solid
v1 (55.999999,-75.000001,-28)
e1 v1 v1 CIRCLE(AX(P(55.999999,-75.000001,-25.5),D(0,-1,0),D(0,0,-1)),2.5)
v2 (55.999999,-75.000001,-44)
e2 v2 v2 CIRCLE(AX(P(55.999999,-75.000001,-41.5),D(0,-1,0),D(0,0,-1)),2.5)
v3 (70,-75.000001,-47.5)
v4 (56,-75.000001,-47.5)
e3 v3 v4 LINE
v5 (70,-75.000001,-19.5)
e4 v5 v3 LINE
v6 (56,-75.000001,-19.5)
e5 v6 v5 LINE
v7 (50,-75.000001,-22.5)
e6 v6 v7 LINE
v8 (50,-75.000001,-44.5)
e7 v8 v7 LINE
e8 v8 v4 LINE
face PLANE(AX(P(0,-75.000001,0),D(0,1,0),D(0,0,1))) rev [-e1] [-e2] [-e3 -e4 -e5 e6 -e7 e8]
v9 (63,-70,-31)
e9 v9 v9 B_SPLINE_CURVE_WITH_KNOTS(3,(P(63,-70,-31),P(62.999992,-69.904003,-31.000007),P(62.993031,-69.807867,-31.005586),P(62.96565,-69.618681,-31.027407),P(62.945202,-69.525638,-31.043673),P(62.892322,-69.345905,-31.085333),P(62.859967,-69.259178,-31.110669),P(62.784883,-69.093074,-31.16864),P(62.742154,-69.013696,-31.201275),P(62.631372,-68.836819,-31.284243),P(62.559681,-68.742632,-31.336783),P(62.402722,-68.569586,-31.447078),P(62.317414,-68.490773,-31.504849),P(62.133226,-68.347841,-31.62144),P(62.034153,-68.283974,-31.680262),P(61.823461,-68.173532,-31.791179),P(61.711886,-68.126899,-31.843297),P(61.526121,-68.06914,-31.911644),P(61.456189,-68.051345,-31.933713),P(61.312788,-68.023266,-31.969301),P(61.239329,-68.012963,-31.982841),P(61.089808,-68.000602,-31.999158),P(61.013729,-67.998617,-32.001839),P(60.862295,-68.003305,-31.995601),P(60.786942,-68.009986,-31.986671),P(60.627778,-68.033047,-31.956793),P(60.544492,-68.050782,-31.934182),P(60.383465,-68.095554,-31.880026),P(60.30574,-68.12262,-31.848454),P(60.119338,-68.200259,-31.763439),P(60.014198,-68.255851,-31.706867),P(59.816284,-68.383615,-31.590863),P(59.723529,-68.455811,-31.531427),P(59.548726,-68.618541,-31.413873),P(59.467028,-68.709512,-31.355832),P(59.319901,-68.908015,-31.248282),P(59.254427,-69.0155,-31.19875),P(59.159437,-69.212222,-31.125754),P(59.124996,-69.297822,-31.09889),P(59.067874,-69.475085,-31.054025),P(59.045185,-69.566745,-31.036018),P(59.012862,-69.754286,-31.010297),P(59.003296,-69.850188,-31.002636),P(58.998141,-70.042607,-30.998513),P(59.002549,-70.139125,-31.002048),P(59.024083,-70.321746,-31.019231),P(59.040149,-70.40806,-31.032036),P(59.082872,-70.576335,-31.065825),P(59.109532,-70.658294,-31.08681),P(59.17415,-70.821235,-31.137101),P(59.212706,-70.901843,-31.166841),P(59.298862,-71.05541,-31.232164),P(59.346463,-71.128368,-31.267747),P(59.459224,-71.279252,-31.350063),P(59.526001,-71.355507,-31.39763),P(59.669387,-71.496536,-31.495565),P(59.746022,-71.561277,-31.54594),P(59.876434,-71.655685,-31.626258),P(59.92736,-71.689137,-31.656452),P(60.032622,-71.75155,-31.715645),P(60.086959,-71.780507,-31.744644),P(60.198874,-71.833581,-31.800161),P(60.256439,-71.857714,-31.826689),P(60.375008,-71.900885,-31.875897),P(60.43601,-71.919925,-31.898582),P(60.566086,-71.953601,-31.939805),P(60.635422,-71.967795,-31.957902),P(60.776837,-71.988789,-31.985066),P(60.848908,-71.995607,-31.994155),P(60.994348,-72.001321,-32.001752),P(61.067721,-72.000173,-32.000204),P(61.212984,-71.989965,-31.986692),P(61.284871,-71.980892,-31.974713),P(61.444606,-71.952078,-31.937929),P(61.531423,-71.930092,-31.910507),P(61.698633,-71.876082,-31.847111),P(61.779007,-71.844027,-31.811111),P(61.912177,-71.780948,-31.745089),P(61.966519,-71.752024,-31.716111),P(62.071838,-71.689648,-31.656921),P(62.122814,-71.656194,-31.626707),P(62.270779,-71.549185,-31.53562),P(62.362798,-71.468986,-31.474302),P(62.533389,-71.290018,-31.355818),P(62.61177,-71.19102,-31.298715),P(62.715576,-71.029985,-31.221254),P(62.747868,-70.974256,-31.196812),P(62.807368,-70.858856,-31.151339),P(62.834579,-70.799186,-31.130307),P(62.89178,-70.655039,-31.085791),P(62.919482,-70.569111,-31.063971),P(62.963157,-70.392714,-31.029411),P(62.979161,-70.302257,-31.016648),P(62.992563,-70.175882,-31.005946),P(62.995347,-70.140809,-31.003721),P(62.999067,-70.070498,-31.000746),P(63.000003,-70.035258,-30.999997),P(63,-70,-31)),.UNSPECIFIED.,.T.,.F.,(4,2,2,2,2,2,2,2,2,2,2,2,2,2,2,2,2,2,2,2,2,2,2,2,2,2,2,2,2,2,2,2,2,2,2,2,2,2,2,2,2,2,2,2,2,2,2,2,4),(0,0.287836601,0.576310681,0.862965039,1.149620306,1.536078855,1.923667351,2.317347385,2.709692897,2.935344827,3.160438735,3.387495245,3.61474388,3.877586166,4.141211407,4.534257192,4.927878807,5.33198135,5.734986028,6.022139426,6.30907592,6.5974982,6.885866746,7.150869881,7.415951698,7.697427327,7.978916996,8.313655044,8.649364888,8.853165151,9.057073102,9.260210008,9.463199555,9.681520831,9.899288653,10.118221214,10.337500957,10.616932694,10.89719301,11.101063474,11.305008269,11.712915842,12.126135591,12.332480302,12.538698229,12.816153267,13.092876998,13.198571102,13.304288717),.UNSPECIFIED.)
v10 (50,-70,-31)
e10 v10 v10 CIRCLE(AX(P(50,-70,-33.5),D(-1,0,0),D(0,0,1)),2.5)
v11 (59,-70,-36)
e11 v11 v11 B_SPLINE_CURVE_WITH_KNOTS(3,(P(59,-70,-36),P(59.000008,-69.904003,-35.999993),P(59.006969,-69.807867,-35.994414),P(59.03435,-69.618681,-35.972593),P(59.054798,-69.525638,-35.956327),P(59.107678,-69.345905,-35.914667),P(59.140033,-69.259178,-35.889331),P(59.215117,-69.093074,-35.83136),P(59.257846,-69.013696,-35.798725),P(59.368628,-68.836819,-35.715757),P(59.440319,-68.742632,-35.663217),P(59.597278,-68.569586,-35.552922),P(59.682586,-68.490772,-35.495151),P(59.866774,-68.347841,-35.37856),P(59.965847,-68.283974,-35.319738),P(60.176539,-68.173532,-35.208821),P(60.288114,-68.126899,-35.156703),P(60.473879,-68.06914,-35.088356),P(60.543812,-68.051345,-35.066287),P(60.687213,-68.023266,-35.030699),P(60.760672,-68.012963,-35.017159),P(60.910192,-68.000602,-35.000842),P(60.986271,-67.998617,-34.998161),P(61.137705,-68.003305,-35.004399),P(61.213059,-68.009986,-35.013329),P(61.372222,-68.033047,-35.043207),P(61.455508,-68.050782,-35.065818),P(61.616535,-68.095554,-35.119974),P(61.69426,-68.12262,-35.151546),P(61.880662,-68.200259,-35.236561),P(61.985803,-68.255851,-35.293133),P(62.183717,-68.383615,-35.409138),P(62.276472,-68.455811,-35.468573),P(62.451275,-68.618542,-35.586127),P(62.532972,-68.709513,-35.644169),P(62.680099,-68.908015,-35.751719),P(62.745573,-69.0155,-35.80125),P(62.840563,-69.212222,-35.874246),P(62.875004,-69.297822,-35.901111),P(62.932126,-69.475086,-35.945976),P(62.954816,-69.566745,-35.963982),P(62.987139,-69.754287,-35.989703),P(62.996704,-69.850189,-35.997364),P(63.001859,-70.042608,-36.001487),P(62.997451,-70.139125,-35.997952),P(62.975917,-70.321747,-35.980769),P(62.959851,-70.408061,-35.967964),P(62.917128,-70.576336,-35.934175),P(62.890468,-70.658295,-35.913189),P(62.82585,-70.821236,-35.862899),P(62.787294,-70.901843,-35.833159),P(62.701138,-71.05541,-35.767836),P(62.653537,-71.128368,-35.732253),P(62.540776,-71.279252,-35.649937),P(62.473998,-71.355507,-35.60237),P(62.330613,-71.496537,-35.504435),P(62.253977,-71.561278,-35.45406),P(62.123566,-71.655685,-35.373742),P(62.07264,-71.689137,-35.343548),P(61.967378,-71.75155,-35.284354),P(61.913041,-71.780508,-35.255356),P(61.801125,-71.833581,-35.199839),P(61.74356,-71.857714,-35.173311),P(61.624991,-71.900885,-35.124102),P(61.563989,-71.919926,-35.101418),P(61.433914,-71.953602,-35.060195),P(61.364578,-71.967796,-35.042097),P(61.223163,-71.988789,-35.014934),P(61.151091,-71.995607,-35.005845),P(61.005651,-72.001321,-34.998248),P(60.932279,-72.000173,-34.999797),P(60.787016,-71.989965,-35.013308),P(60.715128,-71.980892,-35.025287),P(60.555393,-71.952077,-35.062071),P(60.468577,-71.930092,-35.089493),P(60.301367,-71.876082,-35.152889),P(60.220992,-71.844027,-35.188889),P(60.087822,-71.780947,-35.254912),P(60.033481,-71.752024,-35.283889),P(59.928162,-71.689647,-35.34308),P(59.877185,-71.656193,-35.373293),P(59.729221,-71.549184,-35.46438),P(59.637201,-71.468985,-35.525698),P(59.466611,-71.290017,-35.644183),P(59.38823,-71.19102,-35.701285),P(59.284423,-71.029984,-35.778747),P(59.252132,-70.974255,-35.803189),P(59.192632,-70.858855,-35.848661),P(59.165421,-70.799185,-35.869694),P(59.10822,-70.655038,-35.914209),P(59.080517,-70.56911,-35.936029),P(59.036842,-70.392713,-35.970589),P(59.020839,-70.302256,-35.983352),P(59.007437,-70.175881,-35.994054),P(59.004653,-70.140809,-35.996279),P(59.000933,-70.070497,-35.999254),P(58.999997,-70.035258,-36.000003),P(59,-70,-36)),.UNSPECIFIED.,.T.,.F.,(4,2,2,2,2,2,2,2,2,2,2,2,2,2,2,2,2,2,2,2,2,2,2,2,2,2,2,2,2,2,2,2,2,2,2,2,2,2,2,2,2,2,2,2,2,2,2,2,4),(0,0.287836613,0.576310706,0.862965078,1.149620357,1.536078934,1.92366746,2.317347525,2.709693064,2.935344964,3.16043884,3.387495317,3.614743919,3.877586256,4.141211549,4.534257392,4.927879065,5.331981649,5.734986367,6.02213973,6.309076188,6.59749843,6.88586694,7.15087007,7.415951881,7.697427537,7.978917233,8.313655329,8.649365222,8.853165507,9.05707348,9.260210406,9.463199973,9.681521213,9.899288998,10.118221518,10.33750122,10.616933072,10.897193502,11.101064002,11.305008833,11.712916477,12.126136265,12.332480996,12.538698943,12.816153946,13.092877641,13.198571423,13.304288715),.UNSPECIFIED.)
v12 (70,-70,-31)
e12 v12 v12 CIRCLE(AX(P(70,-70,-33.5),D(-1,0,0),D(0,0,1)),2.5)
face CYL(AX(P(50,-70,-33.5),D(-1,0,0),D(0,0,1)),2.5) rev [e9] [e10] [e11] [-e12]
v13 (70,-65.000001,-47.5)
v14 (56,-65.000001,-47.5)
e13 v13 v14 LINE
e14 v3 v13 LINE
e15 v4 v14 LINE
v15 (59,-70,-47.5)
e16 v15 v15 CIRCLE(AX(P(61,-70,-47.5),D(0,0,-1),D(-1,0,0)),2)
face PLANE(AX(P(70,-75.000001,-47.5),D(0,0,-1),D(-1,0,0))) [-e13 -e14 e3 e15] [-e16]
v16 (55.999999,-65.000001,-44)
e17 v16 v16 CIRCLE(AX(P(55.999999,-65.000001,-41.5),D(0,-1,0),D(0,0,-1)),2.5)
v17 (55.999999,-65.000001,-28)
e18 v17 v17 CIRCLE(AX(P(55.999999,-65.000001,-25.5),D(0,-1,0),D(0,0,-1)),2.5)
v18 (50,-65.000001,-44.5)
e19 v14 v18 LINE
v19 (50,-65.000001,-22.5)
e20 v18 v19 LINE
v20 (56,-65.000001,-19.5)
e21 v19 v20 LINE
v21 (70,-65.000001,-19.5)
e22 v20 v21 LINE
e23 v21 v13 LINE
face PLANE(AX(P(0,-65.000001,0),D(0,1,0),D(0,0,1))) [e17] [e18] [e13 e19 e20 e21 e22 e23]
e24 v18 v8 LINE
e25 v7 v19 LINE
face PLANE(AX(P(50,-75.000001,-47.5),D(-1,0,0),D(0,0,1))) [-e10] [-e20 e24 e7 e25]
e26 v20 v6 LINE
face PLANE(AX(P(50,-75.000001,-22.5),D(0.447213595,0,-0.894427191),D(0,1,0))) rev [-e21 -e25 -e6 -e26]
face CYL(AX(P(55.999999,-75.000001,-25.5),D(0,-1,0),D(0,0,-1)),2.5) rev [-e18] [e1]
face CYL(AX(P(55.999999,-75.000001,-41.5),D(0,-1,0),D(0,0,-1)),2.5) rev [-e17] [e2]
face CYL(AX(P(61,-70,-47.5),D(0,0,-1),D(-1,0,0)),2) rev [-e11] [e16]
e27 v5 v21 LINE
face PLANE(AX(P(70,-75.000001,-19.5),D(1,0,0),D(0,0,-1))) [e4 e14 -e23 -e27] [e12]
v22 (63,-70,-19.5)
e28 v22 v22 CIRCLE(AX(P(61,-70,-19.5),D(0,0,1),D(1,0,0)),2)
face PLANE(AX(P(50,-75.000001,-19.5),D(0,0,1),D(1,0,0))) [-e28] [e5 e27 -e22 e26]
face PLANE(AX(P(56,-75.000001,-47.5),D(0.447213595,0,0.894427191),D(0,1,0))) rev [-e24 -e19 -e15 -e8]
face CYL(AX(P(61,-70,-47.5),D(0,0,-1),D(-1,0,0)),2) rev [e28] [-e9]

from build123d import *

# Parameters (mm, degrees)
SKETCH_1_W                = 20.000000045
SKETCH_1_H                = 28
EXTRUDE_1_DEPTH           = 10.000000062
HOLE_WIZARD_5_0_5_1_D     = 5
HOLE_WIZARD_5_0_5_2_D     = 5
HOLE_WIZARD_4_0_4_1_D     = 4
HOLE_WIZARD_4_0_4_1_DEPTH = 40.5
CHAMFER_1_SIZE            = 3.000000071
CHAMFER_1_SIZE2           = 6.000000142


with BuildPart() as part:
    # 草图1 → 凸台-拉伸1 (new body)
    with BuildSketch(Plane(origin=(0, -65.00000108, 0), x_dir=(1, 0, 0), z_dir=(0, 1, 0))):
        with Locations((59.999999934, 33.500000026)):
            Rectangle(SKETCH_1_W, SKETCH_1_H)
    extrude(amount=-EXTRUDE_1_DEPTH)

    # Ø5.0 (5) 直径孔1 (through all)
    with Locations(Plane(origin=(0, -75.000001142, 0), x_dir=(-1, 0, 0), z_dir=(0, -1, 0))):
        with Locations((-55.999998876, 25.500000109), (-55.999998876, 41.500000109)):
            Hole(HOLE_WIZARD_5_0_5_1_D / 2)

    # Ø5.0 (5) 直径孔2 (through all)
    with Locations(Plane.ZY.offset(-49.999999911)):
        with Locations((-33.500000026, -70.000000195)):
            Hole(HOLE_WIZARD_5_0_5_2_D / 2)

    # Ø4.0 (4) 直径孔1
    with Locations(Plane(origin=(0, 0, -47.500000026), x_dir=(-1, 0, 0), z_dir=(0, 0, -1))):
        with Locations((-61, -70)):
            Hole(HOLE_WIZARD_4_0_4_1_D / 2, depth=HOLE_WIZARD_4_0_4_1_DEPTH)

    # 倒角1
    chamfer_1_edges = [part.edges().sort_by_distance(p)[0] for p in [
        (49.999999911, -70.000001111, -47.500000026),
        (49.999999911, -70.000001111, -19.500000026),
    ]]
    chamfer_1_side = [part.faces().sort_by_distance(p)[0] for p in [
        (49.999999911, -70.000001111, -47.202678651),
    ]]
    chamfer(chamfer_1_edges, length=CHAMFER_1_SIZE, length2=CHAMFER_1_SIZE2, reference=chamfer_1_side[0])


solid = part.part
